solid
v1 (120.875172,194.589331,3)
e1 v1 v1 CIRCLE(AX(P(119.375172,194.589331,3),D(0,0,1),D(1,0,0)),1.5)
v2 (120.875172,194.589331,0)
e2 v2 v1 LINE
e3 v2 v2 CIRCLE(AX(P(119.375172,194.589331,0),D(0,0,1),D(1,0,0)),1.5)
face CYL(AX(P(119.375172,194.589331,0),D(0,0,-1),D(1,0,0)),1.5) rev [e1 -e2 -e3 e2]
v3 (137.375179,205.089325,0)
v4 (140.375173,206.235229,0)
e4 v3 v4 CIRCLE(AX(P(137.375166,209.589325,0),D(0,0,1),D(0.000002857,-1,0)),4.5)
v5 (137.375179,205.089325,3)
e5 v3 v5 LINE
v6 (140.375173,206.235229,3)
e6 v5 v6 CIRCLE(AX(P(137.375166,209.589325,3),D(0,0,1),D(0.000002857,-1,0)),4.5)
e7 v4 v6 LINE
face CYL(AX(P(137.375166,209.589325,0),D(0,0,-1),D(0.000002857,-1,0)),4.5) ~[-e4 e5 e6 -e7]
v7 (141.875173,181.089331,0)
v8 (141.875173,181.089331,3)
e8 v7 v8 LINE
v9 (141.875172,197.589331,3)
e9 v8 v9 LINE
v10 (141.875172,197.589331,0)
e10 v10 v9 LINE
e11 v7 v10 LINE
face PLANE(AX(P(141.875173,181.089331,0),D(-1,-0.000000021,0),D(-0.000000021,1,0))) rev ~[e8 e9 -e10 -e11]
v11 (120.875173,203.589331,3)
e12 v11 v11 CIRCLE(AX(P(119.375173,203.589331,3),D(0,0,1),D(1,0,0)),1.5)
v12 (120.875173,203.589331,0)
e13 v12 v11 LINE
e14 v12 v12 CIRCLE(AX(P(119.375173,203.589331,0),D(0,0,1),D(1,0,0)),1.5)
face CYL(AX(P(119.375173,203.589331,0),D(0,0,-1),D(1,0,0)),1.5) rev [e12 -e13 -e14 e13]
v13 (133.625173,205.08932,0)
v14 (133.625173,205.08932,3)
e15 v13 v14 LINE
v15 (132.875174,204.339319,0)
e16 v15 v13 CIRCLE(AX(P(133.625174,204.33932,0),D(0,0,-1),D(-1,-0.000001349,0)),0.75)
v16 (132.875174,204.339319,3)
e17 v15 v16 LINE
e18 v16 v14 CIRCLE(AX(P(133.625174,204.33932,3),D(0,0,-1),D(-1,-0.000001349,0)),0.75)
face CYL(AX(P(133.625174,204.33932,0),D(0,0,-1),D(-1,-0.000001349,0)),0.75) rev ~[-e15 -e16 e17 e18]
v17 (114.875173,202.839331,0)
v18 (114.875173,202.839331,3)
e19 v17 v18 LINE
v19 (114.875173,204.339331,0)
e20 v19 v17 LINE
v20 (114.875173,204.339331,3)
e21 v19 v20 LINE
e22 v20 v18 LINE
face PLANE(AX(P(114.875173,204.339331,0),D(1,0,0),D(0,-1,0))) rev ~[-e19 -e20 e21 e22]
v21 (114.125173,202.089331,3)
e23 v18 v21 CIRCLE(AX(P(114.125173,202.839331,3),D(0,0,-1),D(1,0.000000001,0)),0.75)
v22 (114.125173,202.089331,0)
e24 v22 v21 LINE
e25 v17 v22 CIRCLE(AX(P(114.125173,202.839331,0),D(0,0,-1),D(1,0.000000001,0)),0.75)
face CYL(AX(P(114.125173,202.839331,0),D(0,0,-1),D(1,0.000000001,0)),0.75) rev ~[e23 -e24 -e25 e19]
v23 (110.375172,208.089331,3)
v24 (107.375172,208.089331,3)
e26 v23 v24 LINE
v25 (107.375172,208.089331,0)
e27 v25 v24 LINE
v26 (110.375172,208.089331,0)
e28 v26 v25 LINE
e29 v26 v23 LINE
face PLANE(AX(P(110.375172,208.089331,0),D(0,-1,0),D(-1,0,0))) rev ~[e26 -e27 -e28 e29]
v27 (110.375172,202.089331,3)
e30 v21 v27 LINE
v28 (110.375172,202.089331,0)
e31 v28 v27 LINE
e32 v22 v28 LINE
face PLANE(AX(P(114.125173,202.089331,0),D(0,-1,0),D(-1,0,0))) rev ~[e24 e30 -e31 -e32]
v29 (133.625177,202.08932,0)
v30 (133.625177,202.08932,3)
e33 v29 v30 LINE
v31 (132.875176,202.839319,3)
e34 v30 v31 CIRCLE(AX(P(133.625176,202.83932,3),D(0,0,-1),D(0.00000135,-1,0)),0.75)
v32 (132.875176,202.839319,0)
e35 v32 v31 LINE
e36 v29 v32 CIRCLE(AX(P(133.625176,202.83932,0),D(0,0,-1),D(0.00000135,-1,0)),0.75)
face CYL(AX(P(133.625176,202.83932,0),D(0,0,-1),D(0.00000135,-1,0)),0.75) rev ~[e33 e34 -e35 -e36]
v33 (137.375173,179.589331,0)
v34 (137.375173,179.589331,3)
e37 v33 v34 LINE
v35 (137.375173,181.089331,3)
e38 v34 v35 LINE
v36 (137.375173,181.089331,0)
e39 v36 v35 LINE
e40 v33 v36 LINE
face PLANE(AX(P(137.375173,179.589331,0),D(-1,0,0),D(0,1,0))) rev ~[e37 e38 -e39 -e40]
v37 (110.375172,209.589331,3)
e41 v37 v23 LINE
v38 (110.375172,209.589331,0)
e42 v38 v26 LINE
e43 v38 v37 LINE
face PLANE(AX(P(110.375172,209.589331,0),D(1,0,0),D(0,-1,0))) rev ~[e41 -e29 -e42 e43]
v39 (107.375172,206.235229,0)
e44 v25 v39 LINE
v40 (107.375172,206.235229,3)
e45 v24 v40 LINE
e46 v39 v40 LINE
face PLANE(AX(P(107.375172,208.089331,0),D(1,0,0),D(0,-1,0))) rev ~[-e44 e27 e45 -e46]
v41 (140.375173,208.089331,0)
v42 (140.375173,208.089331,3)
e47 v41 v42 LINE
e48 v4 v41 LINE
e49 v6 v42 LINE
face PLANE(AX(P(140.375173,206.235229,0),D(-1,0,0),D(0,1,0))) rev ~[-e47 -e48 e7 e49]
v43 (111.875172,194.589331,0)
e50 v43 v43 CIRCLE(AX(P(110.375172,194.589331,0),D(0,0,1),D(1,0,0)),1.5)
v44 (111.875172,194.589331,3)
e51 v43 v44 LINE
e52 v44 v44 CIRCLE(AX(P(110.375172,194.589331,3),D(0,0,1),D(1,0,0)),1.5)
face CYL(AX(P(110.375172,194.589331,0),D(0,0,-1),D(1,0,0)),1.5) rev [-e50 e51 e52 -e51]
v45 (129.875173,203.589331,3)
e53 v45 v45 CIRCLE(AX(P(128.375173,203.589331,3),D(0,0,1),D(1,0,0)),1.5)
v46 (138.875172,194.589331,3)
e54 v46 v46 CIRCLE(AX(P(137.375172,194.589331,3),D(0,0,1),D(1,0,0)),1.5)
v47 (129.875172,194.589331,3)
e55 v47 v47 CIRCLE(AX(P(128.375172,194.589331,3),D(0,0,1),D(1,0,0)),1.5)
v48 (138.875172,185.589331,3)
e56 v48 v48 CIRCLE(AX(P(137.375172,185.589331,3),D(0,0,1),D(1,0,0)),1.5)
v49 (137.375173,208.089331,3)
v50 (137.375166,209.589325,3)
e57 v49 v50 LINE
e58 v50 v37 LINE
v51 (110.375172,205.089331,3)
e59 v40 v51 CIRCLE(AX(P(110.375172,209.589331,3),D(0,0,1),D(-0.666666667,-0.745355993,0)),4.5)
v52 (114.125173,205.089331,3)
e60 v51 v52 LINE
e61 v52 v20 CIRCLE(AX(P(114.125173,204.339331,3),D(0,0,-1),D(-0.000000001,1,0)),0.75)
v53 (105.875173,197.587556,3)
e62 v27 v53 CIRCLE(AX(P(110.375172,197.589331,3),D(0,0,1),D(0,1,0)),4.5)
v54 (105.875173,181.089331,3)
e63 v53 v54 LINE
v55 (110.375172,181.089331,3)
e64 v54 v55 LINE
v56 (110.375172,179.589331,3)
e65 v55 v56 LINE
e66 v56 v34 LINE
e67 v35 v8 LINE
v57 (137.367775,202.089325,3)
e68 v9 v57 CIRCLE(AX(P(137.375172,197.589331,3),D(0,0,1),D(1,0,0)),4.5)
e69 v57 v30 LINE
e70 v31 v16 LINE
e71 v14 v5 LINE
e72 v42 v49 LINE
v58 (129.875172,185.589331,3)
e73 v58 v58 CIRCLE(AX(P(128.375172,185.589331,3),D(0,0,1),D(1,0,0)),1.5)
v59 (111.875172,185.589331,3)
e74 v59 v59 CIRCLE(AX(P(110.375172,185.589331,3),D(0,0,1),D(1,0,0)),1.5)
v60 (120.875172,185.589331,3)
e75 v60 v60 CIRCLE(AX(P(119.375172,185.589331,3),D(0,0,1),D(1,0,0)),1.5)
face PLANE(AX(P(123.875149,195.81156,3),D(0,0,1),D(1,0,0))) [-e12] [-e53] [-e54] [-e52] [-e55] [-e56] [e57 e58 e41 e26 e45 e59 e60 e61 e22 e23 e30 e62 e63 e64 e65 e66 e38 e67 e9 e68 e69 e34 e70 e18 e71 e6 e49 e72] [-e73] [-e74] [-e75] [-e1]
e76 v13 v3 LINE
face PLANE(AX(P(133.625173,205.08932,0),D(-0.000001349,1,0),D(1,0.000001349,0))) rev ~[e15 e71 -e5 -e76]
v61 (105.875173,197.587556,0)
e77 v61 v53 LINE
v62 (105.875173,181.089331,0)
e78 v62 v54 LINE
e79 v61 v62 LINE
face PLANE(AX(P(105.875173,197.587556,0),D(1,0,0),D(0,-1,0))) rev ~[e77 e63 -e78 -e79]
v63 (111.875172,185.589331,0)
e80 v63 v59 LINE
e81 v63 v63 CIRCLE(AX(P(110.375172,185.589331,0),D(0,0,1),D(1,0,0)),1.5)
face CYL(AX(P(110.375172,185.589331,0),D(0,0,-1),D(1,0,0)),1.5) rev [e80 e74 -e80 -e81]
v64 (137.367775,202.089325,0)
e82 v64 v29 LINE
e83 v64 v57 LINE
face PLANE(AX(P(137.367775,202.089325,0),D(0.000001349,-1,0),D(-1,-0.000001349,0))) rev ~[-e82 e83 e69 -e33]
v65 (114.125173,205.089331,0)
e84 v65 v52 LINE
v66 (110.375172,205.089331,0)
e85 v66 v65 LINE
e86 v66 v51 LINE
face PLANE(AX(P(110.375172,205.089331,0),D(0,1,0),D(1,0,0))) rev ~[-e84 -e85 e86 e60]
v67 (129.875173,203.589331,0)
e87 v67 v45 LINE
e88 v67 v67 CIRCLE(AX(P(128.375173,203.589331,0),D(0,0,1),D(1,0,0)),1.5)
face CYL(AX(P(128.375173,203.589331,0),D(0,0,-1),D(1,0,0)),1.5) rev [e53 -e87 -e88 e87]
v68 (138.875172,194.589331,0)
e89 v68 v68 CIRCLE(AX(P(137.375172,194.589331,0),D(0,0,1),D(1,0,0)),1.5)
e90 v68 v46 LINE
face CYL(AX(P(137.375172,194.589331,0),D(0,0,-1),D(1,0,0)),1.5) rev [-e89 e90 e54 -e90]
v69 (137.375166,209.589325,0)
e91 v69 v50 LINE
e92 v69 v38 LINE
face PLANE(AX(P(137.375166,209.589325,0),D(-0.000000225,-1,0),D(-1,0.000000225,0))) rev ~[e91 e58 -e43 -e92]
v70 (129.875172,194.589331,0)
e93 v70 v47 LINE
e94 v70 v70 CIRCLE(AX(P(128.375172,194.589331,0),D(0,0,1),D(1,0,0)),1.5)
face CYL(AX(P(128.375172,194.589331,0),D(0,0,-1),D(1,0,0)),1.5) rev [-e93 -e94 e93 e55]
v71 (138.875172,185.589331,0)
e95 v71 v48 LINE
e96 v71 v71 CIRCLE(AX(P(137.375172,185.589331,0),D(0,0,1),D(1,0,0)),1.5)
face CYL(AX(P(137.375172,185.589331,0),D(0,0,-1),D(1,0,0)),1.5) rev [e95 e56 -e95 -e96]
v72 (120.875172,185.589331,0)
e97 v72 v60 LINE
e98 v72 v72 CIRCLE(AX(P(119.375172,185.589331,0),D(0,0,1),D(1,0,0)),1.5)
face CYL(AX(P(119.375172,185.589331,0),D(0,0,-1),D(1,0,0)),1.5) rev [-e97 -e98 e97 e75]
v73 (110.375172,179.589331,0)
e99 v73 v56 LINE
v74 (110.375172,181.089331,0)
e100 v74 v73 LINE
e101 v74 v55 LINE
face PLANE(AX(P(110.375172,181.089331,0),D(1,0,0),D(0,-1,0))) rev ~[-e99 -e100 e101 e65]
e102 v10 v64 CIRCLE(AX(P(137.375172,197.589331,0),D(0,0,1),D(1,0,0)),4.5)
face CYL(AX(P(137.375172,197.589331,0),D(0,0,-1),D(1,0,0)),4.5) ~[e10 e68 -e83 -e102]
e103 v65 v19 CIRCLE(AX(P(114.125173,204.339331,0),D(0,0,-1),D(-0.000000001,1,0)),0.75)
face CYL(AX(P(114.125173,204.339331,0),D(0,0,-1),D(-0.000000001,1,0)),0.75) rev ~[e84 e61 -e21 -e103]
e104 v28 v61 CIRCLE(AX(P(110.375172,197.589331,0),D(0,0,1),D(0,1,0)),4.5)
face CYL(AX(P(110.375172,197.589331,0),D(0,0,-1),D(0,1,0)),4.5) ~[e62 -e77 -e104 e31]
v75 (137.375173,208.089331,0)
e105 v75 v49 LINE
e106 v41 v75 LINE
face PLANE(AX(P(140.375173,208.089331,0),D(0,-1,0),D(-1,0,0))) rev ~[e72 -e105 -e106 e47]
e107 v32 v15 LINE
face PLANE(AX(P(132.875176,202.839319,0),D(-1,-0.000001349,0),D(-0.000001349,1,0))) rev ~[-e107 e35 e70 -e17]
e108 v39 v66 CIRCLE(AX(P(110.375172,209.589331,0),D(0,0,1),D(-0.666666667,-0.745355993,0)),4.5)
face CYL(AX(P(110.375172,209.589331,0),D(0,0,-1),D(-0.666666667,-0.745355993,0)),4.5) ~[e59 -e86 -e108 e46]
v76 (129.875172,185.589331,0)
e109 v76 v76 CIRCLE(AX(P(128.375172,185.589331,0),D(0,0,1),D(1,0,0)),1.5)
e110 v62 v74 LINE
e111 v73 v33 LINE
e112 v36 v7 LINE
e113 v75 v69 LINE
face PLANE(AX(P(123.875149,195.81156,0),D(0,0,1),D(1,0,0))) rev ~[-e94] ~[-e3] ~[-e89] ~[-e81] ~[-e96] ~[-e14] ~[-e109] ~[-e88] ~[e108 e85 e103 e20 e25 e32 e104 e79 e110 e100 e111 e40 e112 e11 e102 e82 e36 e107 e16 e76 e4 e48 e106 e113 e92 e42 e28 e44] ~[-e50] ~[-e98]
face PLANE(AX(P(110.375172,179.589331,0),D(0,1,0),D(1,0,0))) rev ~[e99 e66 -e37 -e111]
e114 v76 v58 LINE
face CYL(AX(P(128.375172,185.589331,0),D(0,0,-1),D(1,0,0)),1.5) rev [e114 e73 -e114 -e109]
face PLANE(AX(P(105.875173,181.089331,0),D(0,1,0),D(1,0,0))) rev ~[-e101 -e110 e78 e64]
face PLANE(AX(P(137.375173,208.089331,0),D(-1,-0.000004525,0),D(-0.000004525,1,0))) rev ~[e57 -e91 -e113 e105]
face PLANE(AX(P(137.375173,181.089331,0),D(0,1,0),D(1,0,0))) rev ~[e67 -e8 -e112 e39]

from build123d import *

# Parameters (mm, degrees)
MODEL_R                 = 1.5
SALIENTE_EXTRUIR1_DEPTH = 3


with BuildPart() as part:
    # Model → Saliente-Extruir1 (new body)
    with BuildSketch(Plane.XY):
        with BuildLine():
            Line((110.375172306, 209.589330986), (110.375172306, 208.089330986))
            Line((110.375172306, 208.089330986), (107.375172306, 208.089330986))
            Line((107.375172306, 208.089330986), (107.375172306, 206.23522902))
            ThreePointArc((107.375172306, 206.23522902), (108.769472902, 205.385555371), (110.375172306, 205.089330986))
            Line((110.375172306, 205.089330986), (114.125172656, 205.089330986))
            ThreePointArc((114.125172656, 205.089330986), (114.655502742, 204.869661072), (114.875172656, 204.339330986))
            Line((114.875172656, 204.339330986), (114.875172656, 202.839330986))
            ThreePointArc((114.875172656, 202.839330986), (114.655502742, 202.3090009), (114.125172656, 202.089330986))
            Line((114.125172656, 202.089330986), (110.375172306, 202.089330986))
            ThreePointArc((110.375172306, 202.089330986), (107.192564198, 200.770683786), (105.875172656, 197.587555713))
            Line((105.875172656, 197.587555713), (105.875172656, 181.089330986))
            Line((105.875172656, 181.089330986), (110.375172306, 181.089330986))
            Line((110.375172306, 181.089330986), (110.375172306, 179.589330986))
            Line((110.375172306, 179.589330986), (137.375172656, 179.589330986))
            Line((137.375172656, 179.589330986), (137.375172656, 181.089330986))
            Line((137.375172656, 181.089330986), (141.875172656, 181.089330986))
            Line((141.875172656, 181.089330986), (141.875172306, 197.589330986))
            ThreePointArc((141.875172306, 197.589330986), (140.554536331, 200.773925842), (137.367774797, 202.089324906))
            Line((137.367774797, 202.089324906), (133.625176703, 202.089319857))
            ThreePointArc((133.625176703, 202.089319857), (133.09484632, 202.308989056), (132.875175691, 202.839318846))
            Line((132.875175691, 202.839318846), (132.875173667, 204.339318846))
            ThreePointArc((132.875173667, 204.339318846), (133.094842866, 204.869649228), (133.625172656, 205.089319857))
            Line((133.625172656, 205.089319857), (137.375178726, 205.089324916))
            ThreePointArc((137.375178726, 205.089324916), (138.980875531, 205.385553219), (140.375172656, 206.23522902))
            Line((140.375172656, 206.23522902), (140.375172656, 208.089330986))
            Line((140.375172656, 208.089330986), (137.375172656, 208.089330986))
            Line((137.375172656, 208.089330986), (137.375165869, 209.589324916))
            Line((137.375165869, 209.589324916), (110.375172306, 209.589330986))
        make_face()
        with Locations((110.375172306, 185.589330986)):
            Circle(MODEL_R, mode=Mode.SUBTRACT)
        with Locations((119.375172306, 185.589330986)):
            Circle(MODEL_R, mode=Mode.SUBTRACT)
        with Locations((128.375172306, 185.589330986)):
            Circle(MODEL_R, mode=Mode.SUBTRACT)
        with Locations((137.375172306, 185.589330986)):
            Circle(MODEL_R, mode=Mode.SUBTRACT)
        with Locations((110.375172306, 194.589330986)):
            Circle(MODEL_R, mode=Mode.SUBTRACT)
        with Locations((119.375172306, 194.589330986)):
            Circle(MODEL_R, mode=Mode.SUBTRACT)
        with Locations((119.375172656, 203.589330986)):
            Circle(MODEL_R, mode=Mode.SUBTRACT)
        with Locations((128.375172306, 194.589330986)):
            Circle(MODEL_R, mode=Mode.SUBTRACT)
        with Locations((137.375172306, 194.589330986)):
            Circle(MODEL_R, mode=Mode.SUBTRACT)
        with Locations((128.375172656, 203.589330986)):
            Circle(MODEL_R, mode=Mode.SUBTRACT)
    extrude(amount=SALIENTE_EXTRUIR1_DEPTH)


solid = part.part
